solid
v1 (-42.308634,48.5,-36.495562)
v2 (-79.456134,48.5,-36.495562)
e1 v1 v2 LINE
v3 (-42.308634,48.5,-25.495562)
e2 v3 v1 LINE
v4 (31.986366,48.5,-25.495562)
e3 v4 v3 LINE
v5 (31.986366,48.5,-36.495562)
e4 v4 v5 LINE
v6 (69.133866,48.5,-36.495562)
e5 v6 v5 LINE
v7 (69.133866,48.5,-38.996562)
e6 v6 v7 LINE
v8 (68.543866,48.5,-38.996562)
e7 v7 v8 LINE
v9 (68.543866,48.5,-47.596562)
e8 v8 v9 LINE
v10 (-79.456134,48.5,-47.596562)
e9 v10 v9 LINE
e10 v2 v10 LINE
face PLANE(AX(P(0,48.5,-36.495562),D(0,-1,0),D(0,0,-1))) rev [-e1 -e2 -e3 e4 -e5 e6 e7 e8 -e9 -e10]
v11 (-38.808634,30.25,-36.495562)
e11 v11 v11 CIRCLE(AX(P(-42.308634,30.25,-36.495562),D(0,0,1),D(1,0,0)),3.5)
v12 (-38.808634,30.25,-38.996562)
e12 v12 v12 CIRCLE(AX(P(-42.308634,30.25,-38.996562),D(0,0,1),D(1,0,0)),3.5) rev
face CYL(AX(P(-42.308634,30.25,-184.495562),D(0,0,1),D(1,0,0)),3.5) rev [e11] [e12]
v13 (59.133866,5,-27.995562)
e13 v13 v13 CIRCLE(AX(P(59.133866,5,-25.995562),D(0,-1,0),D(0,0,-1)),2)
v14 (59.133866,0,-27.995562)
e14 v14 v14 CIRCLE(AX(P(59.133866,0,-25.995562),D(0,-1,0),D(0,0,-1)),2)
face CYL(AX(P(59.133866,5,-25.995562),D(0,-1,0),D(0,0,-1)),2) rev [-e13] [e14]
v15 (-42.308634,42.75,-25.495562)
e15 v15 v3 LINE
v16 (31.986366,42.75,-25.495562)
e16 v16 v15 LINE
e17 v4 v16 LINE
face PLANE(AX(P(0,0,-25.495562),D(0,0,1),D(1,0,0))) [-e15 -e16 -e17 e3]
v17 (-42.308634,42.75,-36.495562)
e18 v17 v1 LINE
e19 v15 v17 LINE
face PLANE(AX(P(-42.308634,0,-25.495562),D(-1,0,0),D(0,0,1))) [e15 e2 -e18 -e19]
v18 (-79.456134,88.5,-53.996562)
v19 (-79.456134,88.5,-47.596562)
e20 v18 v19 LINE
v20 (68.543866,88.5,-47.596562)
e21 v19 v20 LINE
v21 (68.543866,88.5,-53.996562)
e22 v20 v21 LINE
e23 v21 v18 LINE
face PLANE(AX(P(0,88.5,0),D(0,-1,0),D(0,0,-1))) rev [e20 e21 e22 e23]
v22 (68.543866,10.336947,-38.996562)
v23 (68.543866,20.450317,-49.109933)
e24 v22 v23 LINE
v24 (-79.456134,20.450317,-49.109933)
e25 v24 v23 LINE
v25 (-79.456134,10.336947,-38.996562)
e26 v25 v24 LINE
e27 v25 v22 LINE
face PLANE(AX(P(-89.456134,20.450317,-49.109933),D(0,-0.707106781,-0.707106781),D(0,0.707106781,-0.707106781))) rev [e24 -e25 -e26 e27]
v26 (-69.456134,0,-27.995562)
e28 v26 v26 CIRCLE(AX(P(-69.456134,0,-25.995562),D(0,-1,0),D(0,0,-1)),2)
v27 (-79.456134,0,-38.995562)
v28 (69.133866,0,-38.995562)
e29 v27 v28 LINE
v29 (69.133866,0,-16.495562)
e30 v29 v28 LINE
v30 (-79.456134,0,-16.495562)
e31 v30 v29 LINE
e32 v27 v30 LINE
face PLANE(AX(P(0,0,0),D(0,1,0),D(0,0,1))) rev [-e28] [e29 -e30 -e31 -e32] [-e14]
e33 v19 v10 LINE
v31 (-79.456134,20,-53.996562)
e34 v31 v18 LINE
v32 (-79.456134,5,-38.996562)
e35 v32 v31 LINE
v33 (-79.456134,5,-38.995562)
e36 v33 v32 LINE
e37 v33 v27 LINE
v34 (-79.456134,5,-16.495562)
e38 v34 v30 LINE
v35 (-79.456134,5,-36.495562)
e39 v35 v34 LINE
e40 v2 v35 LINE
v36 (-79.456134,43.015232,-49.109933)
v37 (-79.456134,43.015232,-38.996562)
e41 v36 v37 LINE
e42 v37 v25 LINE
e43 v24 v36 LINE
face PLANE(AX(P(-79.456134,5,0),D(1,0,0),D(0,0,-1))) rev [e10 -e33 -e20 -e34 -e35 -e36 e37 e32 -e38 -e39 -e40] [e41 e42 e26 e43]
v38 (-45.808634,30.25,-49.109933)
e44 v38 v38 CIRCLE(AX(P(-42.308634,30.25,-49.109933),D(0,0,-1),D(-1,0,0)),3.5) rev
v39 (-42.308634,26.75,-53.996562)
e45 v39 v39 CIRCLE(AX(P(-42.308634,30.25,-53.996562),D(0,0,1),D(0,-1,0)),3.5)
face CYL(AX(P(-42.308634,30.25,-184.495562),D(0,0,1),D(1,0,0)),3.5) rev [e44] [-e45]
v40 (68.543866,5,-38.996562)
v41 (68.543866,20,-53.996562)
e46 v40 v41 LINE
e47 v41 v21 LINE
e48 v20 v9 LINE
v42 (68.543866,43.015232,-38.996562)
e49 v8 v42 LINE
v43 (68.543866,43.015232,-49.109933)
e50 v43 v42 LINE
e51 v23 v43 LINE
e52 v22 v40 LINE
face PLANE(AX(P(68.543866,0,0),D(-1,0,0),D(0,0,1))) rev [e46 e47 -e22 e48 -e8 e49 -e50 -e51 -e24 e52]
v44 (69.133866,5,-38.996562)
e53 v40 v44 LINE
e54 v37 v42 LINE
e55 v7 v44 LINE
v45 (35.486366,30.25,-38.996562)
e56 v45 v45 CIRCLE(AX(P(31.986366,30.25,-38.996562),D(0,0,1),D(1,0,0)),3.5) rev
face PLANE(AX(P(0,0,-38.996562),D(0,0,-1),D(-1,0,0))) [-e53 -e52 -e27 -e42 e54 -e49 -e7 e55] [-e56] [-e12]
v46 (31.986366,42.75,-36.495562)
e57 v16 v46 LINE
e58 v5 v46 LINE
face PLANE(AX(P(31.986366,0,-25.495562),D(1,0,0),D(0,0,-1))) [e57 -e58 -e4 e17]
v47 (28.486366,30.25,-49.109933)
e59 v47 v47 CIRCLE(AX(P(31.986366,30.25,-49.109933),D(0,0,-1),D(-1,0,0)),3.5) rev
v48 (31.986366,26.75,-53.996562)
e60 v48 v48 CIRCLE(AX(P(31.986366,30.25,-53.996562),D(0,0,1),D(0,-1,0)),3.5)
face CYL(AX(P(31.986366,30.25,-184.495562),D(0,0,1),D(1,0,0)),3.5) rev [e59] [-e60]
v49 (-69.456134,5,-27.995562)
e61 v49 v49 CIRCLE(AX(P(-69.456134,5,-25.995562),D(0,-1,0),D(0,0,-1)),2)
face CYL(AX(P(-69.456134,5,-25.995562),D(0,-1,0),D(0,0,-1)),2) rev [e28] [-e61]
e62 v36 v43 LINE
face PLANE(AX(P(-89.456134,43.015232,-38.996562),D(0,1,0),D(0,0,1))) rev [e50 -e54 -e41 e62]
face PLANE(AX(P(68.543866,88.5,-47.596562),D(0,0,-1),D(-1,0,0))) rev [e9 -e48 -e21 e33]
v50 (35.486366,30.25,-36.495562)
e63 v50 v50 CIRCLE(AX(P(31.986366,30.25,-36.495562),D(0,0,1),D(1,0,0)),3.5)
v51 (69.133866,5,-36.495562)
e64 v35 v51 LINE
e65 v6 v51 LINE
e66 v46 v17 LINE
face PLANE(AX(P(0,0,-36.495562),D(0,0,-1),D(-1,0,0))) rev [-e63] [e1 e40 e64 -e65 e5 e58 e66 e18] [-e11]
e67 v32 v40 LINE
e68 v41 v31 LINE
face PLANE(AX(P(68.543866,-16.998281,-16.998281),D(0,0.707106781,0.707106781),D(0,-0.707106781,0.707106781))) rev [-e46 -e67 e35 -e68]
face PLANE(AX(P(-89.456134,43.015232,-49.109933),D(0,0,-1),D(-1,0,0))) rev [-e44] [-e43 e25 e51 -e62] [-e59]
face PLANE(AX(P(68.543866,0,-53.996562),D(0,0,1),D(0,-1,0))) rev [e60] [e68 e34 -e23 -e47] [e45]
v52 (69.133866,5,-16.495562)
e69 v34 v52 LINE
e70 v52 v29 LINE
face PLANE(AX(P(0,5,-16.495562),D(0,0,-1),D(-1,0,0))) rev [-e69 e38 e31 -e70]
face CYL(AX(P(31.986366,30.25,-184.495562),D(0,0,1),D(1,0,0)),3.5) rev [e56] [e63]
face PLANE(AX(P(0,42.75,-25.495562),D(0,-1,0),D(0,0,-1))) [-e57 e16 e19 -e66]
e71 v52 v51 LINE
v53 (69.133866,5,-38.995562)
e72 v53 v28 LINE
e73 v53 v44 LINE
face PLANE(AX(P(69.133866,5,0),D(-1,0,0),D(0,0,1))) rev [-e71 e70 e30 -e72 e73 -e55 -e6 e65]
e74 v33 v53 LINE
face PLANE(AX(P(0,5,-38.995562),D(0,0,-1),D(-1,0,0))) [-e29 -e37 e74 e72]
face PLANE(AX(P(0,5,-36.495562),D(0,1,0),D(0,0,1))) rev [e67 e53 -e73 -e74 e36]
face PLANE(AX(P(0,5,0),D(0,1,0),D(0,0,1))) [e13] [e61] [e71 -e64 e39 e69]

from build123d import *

# Parameters (mm, degrees)
ESQUISSE1_W             = 148.59
ESQUISSE1_H             = 2.5
ESQUISSE1_H_2           = 20
BOSS_EXTRU_2_DEPTH      = 5
BOSS_EXTRU_4_DEPTH      = 0.001
BOSS_EXTRU_4_DEPTH_BACK = 2.5
ESQUISSE2_W             = 148.59
ESQUISSE2_H             = 43.5
ESQUISSE3_R             = 2
ENL_V_MAT_EXTRU_1_DEPTH = 5
BOSS_EXTRU_9_DEPTH      = 148
ENL_V_MAT_EXTRU_2_DEPTH = 148
ENL_V_MAT_EXTRU_3_DEPTH = 158
ESQUISSE7_W             = 74.295
ESQUISSE7_H             = 5.75
BOSS_EXTRU_10_DEPTH     = 11
ESQUISSE8_W             = 148
ESQUISSE8_H             = 6.4
BOSS_EXTRU_11_DEPTH     = 40


with BuildPart() as part:
    # Esquisse1 → Boss.-Extru.2 (new body)
    with BuildSketch(Plane(origin=(0, 0, 0), x_dir=(1, 0, 0), z_dir=(0, 1, 0))):
        with Locations((-5.161134174, 17.745562161)):
            Rectangle(ESQUISSE1_W, ESQUISSE1_H)
        with Locations((-5.161134174, 28.995562161)):
            Rectangle(ESQUISSE1_W, ESQUISSE1_H_2)
    extrude(amount=BOSS_EXTRU_2_DEPTH)

    # Esquisse2 → Boss.-Extru.4 (add, two sides: drawn at the far end of the back side and taken through both)
    with BuildSketch(Plane(origin=(0, 0, -38.995562161), x_dir=(-1, 0, 0), z_dir=(0, 0, -1)).offset(-BOSS_EXTRU_4_DEPTH_BACK)):
        with Locations((5.161134174, 26.75)):
            Rectangle(ESQUISSE2_W, ESQUISSE2_H)
    extrude(amount=BOSS_EXTRU_4_DEPTH + BOSS_EXTRU_4_DEPTH_BACK)

    # Esquisse3 → Enlèv. mat.-Extru.1 (cut)
    with BuildSketch(Plane.XZ):
        with Locations(Location((-69.456134174, -25.995562161, 0), (0, 0, 270))):
            Circle(ESQUISSE3_R)
        with Locations(Location((59.133865826, -25.995562161, 0), (0, 0, 270))):
            Circle(ESQUISSE3_R)
    extrude(amount=-ENL_V_MAT_EXTRU_1_DEPTH, mode=Mode.SUBTRACT)

    # Esquisse4 → Boss.-Extru.9 (add)
    with BuildSketch(Plane.ZY.offset(79.456134174)):
        Polygon((-38.996562161, 5), (-38.996562161, 48.5), (-53.996562161, 48.5), (-53.996562161, 20), align=None)
    extrude(amount=-BOSS_EXTRU_9_DEPTH)

    # Esquisse5 → Enlèv. mat.-Extru.2 (cut)
    with BuildSketch(Plane.XY.offset(-36.495562161)):
        with BuildLine():
            ThreePointArc((31.986365826, 33.75), (28.486365826, 30.25), (31.986365826, 26.75))
            Line((31.986365826, 26.75), (31.986365826, 33.75))
        make_face()
        with BuildLine():
            Line((31.986365826, 33.75), (31.986365826, 26.75))
            ThreePointArc((31.986365826, 26.75), (34.46123956, 27.775126266), (35.486365826, 30.25))
            ThreePointArc((35.486365826, 30.25), (34.46123956, 32.724873734), (31.986365826, 33.75))
        make_face()
        with BuildLine():
            ThreePointArc((-38.808634174, 30.25), (-39.83376044, 32.724873734), (-42.308634174, 33.75))
            Line((-42.308634174, 33.75), (-42.308634174, 26.75))
            ThreePointArc((-42.308634174, 26.75), (-39.83376044, 27.775126266), (-38.808634174, 30.25))
        make_face()
        with BuildLine():
            Line((-42.308634174, 26.75), (-42.308634174, 33.75))
            ThreePointArc((-42.308634174, 33.75), (-45.808634174, 30.25), (-42.308634174, 26.75))
        make_face()
    extrude(amount=-ENL_V_MAT_EXTRU_2_DEPTH, mode=Mode.SUBTRACT)

    # Esquisse6 → Enlèv. mat.-Extru.3 (cut)
    with BuildSketch(Plane(origin=(68.543865826, 0, 0), x_dir=(0, 0, -1), z_dir=(1, 0, 0))):
        Polygon((38.996562161, 43.015232444), (49.10993279, 43.015232444), (49.10993279, 20.45031737), (38.996562161, 10.336946741), align=None)
    extrude(amount=-ENL_V_MAT_EXTRU_3_DEPTH, mode=Mode.SUBTRACT)

    # Esquisse7 → Boss.-Extru.10 (add)
    with BuildSketch(Plane.XY.offset(-36.495562161)):
        with Locations((-5.161134174, 45.625)):
            Rectangle(ESQUISSE7_W, ESQUISSE7_H)
    extrude(amount=BOSS_EXTRU_10_DEPTH)

    # Esquisse8 → Boss.-Extru.11 (add)
    with BuildSketch(Plane(origin=(0, 48.5, 0), x_dir=(1, 0, 0), z_dir=(0, 1, 0))):
        with Locations((-5.456134174, 50.796562161)):
            Rectangle(ESQUISSE8_W, ESQUISSE8_H)
    extrude(amount=BOSS_EXTRU_11_DEPTH)


solid = part.part
